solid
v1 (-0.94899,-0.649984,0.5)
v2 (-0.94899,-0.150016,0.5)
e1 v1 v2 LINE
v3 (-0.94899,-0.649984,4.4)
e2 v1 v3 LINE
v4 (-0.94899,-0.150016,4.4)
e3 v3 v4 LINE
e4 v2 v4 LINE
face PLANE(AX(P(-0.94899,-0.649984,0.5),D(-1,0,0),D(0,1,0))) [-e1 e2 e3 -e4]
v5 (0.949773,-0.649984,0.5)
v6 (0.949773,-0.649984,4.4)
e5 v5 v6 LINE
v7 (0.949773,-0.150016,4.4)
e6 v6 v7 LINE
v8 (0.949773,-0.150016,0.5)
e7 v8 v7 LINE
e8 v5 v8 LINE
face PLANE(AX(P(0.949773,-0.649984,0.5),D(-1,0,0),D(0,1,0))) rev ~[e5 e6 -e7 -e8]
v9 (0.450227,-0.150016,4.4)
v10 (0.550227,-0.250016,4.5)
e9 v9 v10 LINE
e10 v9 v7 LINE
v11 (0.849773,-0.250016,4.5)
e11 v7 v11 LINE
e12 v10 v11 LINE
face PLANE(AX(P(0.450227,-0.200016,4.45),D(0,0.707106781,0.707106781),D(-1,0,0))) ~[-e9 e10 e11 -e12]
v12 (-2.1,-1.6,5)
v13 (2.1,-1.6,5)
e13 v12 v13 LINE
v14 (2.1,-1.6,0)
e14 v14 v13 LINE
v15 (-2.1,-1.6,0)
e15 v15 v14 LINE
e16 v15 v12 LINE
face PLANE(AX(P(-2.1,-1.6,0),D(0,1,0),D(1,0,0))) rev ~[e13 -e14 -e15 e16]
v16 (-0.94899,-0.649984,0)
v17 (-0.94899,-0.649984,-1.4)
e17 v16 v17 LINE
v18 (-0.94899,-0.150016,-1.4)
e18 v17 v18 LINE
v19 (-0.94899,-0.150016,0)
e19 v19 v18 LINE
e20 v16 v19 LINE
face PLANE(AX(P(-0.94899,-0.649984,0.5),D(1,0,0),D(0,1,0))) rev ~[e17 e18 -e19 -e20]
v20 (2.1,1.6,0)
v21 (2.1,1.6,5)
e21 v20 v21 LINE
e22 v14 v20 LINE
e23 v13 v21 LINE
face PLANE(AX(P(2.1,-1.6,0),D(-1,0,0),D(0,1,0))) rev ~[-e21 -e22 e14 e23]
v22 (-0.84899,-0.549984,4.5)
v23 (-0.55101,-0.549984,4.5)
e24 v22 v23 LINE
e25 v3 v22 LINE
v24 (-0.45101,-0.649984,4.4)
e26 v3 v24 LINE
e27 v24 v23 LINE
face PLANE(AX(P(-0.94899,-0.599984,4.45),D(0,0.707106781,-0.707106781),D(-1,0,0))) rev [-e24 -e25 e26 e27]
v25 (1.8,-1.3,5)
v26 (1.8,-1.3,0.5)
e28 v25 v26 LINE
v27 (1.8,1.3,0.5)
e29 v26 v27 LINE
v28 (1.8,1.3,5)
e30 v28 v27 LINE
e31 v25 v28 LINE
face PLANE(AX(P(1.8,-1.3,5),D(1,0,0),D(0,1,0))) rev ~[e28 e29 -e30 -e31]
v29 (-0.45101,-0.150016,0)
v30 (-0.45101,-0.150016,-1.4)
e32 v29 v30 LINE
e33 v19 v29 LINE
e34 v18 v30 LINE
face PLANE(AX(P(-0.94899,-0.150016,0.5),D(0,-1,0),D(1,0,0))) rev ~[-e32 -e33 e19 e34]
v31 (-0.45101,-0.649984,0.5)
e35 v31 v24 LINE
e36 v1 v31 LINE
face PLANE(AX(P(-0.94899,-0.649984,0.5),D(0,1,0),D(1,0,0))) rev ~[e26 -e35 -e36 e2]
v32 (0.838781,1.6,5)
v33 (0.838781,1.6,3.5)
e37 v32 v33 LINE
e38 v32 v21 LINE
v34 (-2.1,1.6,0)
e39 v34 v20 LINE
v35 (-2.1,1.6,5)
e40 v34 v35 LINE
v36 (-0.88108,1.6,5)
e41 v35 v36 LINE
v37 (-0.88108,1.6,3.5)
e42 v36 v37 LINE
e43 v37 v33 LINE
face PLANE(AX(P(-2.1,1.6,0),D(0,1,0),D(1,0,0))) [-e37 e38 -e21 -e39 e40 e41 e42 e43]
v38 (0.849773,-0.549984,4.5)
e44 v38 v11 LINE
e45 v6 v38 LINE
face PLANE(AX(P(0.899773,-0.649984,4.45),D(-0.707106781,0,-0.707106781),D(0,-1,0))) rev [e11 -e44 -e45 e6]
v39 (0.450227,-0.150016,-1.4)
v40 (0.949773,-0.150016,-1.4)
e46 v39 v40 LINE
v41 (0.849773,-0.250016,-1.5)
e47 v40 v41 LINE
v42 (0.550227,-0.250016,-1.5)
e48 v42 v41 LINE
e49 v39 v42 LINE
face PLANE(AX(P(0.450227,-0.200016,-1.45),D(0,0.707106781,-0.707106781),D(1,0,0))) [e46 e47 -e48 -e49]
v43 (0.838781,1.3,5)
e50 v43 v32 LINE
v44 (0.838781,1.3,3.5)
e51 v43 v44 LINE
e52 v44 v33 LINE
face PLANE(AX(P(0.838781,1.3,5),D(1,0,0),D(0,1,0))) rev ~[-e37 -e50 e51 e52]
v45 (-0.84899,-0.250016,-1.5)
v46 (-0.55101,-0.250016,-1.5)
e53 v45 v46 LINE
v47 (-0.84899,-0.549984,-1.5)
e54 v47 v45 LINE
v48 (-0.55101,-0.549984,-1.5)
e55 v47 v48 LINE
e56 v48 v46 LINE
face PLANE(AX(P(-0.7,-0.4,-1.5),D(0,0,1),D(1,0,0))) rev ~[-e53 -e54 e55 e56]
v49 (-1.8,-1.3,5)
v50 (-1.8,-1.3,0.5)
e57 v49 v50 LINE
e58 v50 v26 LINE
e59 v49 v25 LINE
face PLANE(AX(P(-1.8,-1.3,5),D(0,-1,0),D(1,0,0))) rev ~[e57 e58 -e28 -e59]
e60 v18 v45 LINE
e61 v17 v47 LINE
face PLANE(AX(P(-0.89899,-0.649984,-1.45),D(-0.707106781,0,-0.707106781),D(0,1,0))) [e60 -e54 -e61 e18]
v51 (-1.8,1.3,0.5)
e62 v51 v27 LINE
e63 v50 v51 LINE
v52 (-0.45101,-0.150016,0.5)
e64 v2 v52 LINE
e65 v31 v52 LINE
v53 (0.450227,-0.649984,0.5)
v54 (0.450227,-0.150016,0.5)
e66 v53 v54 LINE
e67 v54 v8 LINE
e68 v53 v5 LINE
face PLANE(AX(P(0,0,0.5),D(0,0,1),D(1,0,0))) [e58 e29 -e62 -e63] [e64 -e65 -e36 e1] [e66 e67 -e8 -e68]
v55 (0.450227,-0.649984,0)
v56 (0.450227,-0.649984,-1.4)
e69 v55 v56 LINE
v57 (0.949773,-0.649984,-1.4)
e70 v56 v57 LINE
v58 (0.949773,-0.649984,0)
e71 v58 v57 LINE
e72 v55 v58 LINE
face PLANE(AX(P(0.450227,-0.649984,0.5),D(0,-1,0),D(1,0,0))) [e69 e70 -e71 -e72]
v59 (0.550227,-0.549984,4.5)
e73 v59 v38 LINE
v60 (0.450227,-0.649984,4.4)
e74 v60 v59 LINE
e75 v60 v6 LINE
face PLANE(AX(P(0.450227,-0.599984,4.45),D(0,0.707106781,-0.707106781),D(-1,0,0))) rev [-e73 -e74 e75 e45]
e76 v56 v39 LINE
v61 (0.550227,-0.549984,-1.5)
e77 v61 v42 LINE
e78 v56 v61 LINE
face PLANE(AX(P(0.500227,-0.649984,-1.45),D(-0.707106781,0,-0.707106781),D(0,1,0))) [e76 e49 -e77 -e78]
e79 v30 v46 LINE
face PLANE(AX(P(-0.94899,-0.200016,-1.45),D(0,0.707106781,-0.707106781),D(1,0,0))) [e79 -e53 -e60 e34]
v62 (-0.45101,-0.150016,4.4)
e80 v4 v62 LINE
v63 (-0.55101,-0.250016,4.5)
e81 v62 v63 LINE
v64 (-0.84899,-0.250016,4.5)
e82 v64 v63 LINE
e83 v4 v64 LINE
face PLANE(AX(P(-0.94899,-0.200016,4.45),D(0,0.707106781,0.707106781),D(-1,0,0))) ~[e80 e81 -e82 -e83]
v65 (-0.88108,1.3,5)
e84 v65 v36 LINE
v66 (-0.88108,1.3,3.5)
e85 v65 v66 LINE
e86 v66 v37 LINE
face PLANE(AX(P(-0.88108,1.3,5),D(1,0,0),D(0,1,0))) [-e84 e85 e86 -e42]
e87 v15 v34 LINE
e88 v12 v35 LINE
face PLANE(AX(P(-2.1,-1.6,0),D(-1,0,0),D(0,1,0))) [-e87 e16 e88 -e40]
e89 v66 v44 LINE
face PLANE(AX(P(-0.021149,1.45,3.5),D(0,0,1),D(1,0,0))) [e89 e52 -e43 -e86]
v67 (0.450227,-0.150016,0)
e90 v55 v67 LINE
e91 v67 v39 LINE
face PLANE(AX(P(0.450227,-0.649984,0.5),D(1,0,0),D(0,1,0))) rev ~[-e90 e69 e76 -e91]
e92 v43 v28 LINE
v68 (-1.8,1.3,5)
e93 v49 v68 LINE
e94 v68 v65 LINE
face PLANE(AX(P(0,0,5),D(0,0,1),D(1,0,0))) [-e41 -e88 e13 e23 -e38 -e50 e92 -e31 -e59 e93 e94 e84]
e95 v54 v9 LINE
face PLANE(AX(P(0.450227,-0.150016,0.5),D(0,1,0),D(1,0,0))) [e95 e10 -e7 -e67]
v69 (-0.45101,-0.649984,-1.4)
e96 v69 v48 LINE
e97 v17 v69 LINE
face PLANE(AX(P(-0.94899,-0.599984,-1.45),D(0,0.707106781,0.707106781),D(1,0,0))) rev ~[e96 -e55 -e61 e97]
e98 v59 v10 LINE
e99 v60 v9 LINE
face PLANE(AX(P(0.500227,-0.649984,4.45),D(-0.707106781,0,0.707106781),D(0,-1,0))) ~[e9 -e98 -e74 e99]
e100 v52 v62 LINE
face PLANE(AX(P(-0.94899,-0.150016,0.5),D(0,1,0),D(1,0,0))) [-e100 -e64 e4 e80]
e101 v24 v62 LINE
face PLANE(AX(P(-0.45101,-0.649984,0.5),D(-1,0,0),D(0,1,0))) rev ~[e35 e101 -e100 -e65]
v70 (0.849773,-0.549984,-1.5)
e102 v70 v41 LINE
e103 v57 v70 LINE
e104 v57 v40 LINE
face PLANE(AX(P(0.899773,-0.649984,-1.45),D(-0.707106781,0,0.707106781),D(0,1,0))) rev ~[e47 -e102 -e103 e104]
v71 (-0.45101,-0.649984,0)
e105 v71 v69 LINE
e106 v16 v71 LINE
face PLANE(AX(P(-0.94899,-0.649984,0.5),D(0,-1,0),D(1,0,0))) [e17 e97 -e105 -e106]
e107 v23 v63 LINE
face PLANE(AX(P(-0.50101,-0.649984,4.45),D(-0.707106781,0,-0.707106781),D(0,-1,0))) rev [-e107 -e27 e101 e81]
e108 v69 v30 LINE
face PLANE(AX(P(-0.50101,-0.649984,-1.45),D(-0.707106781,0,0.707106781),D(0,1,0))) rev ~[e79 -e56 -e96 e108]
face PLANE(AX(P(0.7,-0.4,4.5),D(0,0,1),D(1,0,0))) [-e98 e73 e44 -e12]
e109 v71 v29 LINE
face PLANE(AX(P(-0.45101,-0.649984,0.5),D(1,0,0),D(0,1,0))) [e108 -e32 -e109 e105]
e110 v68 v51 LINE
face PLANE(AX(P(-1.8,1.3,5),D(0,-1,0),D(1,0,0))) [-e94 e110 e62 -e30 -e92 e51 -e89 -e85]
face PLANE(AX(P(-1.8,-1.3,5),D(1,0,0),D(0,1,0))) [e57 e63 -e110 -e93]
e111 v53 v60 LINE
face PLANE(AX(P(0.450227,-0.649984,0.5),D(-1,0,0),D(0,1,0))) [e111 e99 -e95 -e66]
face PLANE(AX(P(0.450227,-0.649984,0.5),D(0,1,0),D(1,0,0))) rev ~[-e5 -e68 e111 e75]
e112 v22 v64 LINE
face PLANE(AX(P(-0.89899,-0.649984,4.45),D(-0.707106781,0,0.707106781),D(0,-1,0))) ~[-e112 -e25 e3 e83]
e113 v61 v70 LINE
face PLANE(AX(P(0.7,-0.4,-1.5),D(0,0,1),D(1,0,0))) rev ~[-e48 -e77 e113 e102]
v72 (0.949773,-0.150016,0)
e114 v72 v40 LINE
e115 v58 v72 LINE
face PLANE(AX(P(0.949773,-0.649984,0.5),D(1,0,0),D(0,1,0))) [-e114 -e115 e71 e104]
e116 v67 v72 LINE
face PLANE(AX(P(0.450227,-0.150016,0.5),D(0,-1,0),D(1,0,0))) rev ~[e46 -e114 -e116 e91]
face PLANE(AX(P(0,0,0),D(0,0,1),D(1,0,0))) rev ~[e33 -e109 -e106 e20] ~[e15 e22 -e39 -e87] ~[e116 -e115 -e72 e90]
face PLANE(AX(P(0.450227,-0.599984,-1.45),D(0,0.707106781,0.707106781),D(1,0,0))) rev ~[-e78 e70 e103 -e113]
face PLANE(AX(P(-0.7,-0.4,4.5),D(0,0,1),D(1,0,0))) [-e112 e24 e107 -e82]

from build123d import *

# Parameters (mm, degrees)
SKETCH_1_W           = 4.2
SKETCH_1_H           = 3.2
EXTRUDE_1_DEPTH      = 5
SKETCH_2_W           = 3.6
SKETCH_2_H           = 2.6
CUT_EXTRUDE_2_DEPTH  = 4.5
SKETCH_10_W          = 1.719860591
SKETCH_10_H          = 0.3
CUT_EXTRUDE_6_DEPTH  = 1.5
SKETCH_12_W          = 0.497980778
SKETCH_12_H          = 0.499968878
SKETCH_12_W_2        = 0.49954636
EXTRUDE_2_DEPTH      = 4
EXTRUDE_2_DEPTH_BACK = 2
CHAMFER_2_SIZE       = 0.1
CHAMFER_3_SIZE       = 0.1


with BuildPart() as part:
    # 草图1 → 凸台-拉伸1 (new body)
    with BuildSketch(Plane.XY):
        Rectangle(SKETCH_1_W, SKETCH_1_H)
    extrude(amount=EXTRUDE_1_DEPTH)

    # 草图2 → 切除-拉伸2 (cut)
    with BuildSketch(Plane.XY.offset(5)):
        Rectangle(SKETCH_2_W, SKETCH_2_H)
    extrude(amount=-CUT_EXTRUDE_2_DEPTH, mode=Mode.SUBTRACT)

    # 草图10 → 切除-拉伸6 (cut)
    with BuildSketch(Plane.XY.offset(5)):
        with Locations((-0.021149262, 1.45)):
            Rectangle(SKETCH_10_W, SKETCH_10_H)
    extrude(amount=-CUT_EXTRUDE_6_DEPTH, mode=Mode.SUBTRACT)

    # 草图12 → 凸台-拉伸2 (add, two sides)
    with BuildSketch(Plane.XY.offset(0.5)) as extrude_2_sk:
        with Locations((-0.7, -0.4)):
            Rectangle(SKETCH_12_W, SKETCH_12_H)
        with Locations((0.7, -0.4)):
            Rectangle(SKETCH_12_W_2, SKETCH_12_H)
    extrude(amount=EXTRUDE_2_DEPTH)
    extrude(extrude_2_sk.sketch, amount=-EXTRUDE_2_DEPTH_BACK)

    # 倒角2
    chamfer_2_edges = [part.edges().sort_by_distance(p)[0] for p in [
        (-0.451009611, -0.4, 4.5),
        (-0.7, -0.150015561, 4.5),
        (-0.948990389, -0.4, 4.5),
        (-0.7, -0.649984439, 4.5),
        (0.94977318, -0.4, 4.5),
        (0.7, -0.150015561, 4.5),
        (0.45022682, -0.4, 4.5),
        (0.7, -0.649984439, 4.5),
    ]]
    chamfer(chamfer_2_edges, length=CHAMFER_2_SIZE)

    # 倒角3
    chamfer_3_edges = [part.edges().sort_by_distance(p)[0] for p in [
        (-0.451009611, -0.4, -1.5),
        (-0.7, -0.649984439, -1.5),
        (-0.948990389, -0.4, -1.5),
        (-0.7, -0.150015561, -1.5),
        (0.94977318, -0.4, -1.5),
        (0.7, -0.649984439, -1.5),
        (0.45022682, -0.4, -1.5),
        (0.7, -0.150015561, -1.5),
    ]]
    chamfer(chamfer_3_edges, length=CHAMFER_3_SIZE)


solid = part.part
